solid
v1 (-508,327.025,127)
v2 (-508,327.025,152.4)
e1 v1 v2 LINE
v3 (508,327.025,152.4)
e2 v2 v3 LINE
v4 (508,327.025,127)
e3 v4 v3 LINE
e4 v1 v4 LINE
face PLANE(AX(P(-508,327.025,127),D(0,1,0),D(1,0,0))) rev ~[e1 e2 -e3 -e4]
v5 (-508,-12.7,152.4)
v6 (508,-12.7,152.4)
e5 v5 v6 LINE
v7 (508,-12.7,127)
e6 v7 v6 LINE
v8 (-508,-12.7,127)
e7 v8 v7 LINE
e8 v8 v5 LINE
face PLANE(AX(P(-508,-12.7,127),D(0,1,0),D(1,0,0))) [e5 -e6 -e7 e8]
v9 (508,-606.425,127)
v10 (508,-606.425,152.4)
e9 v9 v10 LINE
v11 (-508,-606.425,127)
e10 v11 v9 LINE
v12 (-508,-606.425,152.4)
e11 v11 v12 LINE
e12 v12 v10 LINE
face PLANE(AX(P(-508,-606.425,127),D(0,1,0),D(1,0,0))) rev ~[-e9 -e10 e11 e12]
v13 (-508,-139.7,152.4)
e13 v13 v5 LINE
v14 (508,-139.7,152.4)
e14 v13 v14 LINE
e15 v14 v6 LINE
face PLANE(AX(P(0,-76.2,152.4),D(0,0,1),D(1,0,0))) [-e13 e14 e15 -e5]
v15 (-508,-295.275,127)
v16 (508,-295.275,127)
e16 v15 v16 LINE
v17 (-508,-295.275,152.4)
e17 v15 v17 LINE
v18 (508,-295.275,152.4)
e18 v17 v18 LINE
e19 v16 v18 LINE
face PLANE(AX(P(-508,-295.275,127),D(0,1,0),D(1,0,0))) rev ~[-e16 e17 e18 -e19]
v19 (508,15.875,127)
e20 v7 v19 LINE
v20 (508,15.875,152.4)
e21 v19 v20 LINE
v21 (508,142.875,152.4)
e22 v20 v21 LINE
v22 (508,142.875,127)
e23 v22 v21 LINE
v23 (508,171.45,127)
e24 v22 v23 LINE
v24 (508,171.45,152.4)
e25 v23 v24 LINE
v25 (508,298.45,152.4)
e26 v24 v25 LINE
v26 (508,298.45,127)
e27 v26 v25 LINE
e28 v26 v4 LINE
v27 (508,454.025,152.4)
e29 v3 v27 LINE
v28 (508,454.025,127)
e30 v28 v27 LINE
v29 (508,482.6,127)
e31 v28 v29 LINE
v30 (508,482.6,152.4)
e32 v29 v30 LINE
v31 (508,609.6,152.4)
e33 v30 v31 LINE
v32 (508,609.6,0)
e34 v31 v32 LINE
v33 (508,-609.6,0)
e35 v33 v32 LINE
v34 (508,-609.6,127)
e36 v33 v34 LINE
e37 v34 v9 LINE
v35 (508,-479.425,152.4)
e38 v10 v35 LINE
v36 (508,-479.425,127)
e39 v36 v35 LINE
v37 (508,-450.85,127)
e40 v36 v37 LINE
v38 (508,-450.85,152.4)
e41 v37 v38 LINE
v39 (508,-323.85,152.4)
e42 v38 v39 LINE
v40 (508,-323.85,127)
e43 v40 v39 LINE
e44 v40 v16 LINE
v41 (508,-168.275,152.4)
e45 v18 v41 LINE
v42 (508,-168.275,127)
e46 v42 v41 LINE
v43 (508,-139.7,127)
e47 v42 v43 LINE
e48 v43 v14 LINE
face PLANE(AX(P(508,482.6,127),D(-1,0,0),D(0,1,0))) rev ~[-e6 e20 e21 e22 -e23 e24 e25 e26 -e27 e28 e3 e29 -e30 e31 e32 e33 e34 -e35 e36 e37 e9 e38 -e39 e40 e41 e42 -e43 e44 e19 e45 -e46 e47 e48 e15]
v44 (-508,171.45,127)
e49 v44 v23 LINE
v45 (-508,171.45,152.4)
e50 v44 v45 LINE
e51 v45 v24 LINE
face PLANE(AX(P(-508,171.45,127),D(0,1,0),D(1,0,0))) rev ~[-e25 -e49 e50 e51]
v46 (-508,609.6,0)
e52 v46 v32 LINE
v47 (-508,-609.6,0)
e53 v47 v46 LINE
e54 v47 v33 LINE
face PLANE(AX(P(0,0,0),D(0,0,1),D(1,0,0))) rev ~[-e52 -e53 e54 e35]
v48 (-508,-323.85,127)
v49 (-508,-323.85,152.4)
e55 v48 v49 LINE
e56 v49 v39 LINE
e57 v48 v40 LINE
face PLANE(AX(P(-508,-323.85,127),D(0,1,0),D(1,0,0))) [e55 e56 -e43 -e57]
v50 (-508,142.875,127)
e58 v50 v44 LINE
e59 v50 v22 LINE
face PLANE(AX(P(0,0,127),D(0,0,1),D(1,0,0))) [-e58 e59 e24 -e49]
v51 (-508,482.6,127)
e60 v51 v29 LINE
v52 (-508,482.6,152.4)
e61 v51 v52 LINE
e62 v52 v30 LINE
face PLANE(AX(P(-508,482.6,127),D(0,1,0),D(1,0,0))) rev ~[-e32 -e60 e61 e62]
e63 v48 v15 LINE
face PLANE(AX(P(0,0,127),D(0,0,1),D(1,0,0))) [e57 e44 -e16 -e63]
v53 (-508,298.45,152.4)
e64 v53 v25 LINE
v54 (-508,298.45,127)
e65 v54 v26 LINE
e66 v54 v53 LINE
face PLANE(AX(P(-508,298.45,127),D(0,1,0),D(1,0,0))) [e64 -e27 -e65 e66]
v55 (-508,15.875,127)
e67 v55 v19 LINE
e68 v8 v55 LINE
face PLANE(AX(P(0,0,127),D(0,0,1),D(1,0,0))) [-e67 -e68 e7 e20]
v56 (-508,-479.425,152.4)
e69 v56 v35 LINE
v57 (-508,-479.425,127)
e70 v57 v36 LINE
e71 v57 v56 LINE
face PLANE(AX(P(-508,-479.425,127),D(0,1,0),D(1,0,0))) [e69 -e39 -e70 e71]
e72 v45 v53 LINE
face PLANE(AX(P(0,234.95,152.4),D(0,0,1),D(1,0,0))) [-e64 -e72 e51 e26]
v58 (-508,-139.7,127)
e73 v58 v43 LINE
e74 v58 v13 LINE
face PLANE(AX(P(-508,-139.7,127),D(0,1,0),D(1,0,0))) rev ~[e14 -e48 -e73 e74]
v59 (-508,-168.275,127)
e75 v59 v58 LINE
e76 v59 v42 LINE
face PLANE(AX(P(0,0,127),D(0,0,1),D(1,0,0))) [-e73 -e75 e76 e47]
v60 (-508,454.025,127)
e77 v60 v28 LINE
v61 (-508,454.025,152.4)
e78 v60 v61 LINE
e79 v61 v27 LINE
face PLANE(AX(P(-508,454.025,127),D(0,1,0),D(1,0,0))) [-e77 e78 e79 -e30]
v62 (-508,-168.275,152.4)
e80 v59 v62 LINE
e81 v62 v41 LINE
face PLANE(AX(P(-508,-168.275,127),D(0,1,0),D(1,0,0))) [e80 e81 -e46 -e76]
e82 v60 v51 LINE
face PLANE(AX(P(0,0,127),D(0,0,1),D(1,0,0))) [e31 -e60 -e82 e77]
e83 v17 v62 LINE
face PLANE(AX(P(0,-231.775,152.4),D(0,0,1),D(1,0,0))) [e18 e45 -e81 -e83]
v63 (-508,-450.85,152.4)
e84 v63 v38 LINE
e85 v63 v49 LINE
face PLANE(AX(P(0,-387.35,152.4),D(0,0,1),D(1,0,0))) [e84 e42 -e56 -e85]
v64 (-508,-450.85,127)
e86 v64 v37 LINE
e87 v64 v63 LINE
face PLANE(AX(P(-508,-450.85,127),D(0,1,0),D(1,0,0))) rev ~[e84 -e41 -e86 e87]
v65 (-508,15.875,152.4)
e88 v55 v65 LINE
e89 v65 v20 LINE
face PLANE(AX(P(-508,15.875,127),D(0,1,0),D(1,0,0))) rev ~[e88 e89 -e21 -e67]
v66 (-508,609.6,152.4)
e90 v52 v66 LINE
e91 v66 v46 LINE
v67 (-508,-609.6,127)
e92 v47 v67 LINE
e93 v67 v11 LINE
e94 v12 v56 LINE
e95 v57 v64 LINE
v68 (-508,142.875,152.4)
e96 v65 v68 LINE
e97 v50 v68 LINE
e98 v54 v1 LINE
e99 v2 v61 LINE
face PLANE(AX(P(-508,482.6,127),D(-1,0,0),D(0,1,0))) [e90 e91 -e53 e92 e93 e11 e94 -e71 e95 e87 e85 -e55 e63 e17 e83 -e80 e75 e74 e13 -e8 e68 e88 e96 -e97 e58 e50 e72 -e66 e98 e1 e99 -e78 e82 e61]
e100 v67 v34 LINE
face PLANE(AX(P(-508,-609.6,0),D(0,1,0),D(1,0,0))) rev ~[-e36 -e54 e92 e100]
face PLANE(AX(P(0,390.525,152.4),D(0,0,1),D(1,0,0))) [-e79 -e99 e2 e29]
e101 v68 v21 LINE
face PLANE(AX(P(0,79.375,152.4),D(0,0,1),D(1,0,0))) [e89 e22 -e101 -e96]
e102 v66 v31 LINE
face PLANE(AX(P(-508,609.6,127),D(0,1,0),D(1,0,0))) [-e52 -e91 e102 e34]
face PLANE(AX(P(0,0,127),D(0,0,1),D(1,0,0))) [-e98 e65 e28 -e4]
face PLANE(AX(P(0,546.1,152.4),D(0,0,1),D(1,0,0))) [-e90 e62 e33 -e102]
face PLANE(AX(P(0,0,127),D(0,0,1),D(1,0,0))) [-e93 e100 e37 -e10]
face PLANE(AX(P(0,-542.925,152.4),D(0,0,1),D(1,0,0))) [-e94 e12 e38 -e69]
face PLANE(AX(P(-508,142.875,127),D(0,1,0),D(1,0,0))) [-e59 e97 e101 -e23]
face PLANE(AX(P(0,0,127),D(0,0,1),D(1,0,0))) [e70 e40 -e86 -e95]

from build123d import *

# Parameters (mm, degrees)
F0_W     = 1016
F0_H     = 1219.2
F1_DEPTH = 127
F2_W     = 1016
F2_H     = 127
F3_DEPTH = 25.4


with BuildPart() as f1:
    # F0 (on Top) → F1 (new body)
    with BuildSketch(Plane.XY):
        Rectangle(F0_W, F0_H)
    extrude(amount=F1_DEPTH)

    # F2 (on face) → F3 (join)
    with BuildSketch(Plane.XY.offset(127)):
        with Locations((0, 546.1)):
            Rectangle(F2_W, F2_H)
        with Locations((0, 390.525)):
            Rectangle(F2_W, F2_H)
        with Locations((0, 234.95)):
            Rectangle(F2_W, F2_H)
        with Locations((0, 79.375)):
            Rectangle(F2_W, F2_H)
        with Locations((0, -76.2)):
            Rectangle(F2_W, F2_H)
        with Locations((0, -231.775)):
            Rectangle(F2_W, F2_H)
        with Locations((0, -387.35)):
            Rectangle(F2_W, F2_H)
        with Locations((0, -542.925)):
            Rectangle(F2_W, F2_H)
    extrude(amount=F3_DEPTH)


solid = f1.part
